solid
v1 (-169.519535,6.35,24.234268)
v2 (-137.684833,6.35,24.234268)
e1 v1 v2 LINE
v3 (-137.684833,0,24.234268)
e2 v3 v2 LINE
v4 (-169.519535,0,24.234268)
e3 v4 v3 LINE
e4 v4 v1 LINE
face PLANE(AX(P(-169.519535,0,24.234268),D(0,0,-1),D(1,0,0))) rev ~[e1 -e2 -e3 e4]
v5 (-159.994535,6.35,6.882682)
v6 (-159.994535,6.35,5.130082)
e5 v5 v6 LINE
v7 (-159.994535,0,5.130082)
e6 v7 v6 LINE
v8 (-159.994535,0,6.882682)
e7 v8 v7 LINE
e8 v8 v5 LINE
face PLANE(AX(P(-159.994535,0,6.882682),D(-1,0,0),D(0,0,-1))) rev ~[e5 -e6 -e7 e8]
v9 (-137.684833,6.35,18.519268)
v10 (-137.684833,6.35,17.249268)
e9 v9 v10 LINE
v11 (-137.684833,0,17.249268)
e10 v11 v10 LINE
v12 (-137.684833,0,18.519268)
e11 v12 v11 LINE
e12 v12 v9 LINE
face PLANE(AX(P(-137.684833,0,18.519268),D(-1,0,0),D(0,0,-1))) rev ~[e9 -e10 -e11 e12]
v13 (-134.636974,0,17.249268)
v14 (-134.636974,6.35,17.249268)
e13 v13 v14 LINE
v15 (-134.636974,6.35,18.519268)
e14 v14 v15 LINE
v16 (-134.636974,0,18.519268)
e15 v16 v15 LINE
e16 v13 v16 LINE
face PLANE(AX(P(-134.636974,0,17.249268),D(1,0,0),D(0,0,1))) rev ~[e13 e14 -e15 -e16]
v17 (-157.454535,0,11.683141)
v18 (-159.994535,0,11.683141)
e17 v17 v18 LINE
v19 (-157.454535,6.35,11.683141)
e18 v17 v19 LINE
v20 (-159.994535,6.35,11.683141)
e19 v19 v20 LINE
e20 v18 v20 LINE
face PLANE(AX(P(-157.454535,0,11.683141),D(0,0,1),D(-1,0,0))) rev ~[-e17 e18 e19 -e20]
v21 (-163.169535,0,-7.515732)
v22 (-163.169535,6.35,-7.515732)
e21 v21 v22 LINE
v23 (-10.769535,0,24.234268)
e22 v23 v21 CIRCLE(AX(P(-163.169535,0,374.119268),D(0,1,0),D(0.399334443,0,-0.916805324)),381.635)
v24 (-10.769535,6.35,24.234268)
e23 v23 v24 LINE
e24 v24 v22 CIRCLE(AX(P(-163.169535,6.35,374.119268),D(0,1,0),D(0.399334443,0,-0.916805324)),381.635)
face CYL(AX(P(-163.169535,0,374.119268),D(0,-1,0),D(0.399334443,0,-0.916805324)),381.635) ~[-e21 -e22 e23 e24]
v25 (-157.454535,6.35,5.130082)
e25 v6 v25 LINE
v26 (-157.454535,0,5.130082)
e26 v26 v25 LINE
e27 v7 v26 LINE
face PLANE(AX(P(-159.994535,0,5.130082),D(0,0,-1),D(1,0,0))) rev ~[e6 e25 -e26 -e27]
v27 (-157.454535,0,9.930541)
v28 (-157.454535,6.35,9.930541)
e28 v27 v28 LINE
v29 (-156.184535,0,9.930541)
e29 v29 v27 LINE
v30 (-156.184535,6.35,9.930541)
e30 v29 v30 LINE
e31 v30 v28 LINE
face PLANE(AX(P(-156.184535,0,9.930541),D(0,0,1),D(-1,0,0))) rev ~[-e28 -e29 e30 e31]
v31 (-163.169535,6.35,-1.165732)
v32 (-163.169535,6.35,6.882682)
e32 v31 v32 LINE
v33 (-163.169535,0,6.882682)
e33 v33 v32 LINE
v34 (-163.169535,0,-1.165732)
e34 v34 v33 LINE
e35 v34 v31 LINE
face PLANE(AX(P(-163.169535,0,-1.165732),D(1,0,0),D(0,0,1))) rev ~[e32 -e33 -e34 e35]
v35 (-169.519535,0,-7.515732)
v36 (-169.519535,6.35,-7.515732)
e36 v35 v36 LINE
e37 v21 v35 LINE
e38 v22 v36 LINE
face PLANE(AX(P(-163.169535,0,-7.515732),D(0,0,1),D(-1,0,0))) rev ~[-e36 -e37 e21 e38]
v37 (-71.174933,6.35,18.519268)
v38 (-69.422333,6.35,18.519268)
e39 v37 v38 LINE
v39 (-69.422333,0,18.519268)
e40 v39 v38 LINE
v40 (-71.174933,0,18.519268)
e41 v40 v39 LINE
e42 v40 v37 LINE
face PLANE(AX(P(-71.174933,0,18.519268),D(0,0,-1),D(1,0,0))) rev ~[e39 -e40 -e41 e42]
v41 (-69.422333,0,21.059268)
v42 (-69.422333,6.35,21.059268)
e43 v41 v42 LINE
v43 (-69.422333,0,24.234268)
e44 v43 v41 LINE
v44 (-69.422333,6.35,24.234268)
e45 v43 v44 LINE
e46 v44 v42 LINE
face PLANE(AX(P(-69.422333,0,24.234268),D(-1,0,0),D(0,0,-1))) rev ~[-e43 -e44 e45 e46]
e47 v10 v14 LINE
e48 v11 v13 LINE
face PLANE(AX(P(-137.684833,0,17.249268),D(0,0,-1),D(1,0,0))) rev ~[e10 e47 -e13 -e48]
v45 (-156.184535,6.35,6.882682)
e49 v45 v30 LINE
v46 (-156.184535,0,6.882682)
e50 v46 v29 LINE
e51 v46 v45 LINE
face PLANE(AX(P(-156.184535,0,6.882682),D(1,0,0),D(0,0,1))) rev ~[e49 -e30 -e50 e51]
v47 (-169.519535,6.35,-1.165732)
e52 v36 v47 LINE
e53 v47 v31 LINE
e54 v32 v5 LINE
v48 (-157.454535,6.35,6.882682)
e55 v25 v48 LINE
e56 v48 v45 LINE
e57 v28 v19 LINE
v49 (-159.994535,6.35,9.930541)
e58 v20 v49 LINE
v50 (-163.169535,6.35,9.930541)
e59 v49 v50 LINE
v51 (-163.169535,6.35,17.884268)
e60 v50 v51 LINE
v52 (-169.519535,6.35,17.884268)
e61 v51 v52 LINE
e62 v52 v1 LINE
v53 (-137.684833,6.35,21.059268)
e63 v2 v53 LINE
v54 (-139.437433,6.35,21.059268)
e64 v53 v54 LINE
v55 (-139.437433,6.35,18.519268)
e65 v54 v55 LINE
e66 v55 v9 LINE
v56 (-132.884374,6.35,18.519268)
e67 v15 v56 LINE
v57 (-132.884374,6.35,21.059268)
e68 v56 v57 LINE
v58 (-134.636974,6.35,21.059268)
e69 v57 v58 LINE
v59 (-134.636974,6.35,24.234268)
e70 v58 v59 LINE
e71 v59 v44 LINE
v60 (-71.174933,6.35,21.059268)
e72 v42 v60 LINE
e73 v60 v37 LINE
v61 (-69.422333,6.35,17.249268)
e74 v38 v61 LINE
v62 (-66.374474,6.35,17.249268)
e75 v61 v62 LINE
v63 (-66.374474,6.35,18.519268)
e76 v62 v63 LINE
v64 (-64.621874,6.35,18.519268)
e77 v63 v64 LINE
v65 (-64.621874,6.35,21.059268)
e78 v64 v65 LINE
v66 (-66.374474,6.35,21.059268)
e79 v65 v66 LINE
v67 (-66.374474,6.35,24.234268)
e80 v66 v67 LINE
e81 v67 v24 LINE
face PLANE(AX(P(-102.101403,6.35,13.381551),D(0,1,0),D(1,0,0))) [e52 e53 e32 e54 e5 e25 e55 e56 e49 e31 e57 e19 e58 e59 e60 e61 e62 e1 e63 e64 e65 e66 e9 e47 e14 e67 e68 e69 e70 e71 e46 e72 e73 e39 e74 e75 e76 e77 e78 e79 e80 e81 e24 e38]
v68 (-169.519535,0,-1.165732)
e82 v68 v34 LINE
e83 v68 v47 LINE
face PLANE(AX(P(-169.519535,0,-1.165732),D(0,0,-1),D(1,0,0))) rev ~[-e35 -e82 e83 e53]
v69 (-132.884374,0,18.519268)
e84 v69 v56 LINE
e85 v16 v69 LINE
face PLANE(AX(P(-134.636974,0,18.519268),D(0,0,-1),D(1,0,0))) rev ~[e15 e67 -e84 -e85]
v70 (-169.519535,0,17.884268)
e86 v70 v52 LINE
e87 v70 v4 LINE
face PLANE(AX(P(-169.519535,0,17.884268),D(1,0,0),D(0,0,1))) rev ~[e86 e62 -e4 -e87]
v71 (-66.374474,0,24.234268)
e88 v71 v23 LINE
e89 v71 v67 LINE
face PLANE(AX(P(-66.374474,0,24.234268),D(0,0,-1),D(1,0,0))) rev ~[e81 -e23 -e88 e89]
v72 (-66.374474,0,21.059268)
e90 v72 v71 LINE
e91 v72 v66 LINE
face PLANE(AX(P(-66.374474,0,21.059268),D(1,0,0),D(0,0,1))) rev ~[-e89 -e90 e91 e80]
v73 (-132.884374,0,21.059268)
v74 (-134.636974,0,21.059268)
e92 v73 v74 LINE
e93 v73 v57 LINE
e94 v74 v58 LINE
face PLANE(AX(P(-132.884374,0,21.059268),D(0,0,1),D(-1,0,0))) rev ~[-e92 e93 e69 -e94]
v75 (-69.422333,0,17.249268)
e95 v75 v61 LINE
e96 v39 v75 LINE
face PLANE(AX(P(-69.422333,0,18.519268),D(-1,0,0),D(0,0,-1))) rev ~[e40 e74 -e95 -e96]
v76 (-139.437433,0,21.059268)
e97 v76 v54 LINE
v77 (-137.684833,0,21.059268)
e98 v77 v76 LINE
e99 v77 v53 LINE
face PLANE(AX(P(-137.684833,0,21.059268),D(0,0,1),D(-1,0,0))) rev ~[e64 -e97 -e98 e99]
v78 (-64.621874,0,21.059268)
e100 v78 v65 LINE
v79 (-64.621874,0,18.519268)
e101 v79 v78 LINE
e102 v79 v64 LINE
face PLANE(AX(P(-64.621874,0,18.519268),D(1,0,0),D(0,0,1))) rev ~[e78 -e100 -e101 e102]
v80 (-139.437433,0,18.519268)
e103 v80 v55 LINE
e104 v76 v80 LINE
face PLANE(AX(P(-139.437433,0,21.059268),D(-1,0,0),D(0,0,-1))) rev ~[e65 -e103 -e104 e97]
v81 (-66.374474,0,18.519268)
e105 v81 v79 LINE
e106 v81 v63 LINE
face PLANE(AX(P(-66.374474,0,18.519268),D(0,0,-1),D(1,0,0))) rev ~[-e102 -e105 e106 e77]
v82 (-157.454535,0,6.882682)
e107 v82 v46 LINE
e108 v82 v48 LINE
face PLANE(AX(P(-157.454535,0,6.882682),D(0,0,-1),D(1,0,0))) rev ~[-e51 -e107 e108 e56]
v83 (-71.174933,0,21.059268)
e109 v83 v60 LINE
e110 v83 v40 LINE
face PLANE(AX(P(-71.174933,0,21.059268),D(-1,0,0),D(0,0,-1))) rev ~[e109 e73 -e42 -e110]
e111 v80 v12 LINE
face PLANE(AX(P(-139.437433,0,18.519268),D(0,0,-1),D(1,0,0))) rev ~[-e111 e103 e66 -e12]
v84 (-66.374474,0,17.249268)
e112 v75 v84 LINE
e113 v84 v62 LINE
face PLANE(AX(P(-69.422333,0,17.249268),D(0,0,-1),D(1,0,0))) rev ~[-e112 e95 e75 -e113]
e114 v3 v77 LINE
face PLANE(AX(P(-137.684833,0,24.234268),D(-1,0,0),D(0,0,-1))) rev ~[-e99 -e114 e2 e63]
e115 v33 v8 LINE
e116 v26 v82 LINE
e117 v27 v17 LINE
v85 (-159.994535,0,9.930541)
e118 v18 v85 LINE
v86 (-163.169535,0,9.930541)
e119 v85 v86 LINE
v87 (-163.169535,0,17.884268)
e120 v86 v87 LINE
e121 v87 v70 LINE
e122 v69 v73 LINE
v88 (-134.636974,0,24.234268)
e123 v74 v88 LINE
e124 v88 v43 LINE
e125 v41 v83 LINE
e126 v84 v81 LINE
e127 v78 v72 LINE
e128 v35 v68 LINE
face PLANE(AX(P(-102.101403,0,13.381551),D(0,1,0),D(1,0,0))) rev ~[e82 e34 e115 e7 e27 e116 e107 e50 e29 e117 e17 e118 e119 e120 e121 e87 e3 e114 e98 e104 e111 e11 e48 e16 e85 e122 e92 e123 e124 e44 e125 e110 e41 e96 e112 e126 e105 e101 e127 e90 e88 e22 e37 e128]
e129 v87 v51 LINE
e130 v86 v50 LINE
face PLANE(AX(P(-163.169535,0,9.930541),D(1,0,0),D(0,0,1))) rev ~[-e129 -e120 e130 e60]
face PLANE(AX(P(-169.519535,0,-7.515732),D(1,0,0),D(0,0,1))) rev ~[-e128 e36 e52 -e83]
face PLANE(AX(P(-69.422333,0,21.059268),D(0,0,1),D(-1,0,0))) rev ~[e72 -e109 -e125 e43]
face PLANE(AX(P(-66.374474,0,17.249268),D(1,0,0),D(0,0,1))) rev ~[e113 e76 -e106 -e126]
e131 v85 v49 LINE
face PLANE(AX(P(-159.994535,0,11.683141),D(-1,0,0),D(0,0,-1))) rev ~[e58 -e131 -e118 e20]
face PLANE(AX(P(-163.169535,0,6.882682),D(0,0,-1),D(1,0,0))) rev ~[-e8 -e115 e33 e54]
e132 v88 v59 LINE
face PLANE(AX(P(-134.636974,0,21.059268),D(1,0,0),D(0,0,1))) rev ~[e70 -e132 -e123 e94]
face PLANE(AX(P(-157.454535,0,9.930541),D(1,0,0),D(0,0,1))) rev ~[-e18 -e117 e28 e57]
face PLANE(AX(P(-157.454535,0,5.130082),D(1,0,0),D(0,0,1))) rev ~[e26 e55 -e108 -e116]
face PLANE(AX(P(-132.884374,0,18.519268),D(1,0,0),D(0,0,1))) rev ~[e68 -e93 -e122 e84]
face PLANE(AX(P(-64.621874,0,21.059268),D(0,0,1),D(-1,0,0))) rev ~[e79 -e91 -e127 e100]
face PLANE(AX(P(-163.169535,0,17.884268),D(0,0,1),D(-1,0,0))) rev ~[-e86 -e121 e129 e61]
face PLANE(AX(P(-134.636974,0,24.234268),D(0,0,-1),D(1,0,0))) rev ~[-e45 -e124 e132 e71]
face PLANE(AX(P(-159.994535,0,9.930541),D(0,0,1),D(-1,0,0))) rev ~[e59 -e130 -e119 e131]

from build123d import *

# Parameters (mm, degrees)
BOSS_EXTRUDE1_DEPTH = 6.35


with BuildPart() as part:
    # Sketch1 → Boss-Extrude1 (new body)
    with BuildSketch(Plane(origin=(0, 0, 0), x_dir=(1, 0, 0), z_dir=(0, 1, 0))):
        with BuildLine():
            Line((-163.169535376, 1.165732309), (-163.169535376, -6.882681502))
            Line((-163.169535376, -6.882681502), (-159.994535376, -6.882681502))
            Line((-159.994535376, -6.882681502), (-159.994535376, -5.130081502))
            Line((-159.994535376, -5.130081502), (-157.454535376, -5.130081502))
            Line((-157.454535376, -5.130081502), (-157.454535376, -6.882681502))
            Line((-157.454535376, -6.882681502), (-156.184535376, -6.882681502))
            Line((-156.184535376, -6.882681502), (-156.184535376, -9.930540858))
            Line((-156.184535376, -9.930540858), (-157.454535376, -9.930540858))
            Line((-157.454535376, -9.930540858), (-157.454535376, -11.683140858))
            Line((-157.454535376, -11.683140858), (-159.994535376, -11.683140858))
            Line((-159.994535376, -11.683140858), (-159.994535376, -9.930540858))
            Line((-159.994535376, -9.930540858), (-163.169535376, -9.930540858))
            Line((-163.169535376, -9.930540858), (-163.169535376, -17.884267691))
            Line((-163.169535376, -17.884267691), (-169.519535376, -17.884267691))
            Line((-169.519535376, -17.884267691), (-169.519535376, -24.234267691))
            Line((-169.519535376, -24.234267691), (-137.68483349, -24.234267691))
            Line((-137.68483349, -24.234267691), (-137.68483349, -21.059267691))
            Line((-137.68483349, -21.059267691), (-139.43743349, -21.059267691))
            Line((-139.43743349, -21.059267691), (-139.43743349, -18.519267691))
            Line((-139.43743349, -18.519267691), (-137.68483349, -18.519267691))
            Line((-137.68483349, -18.519267691), (-137.68483349, -17.249267691))
            Line((-137.68483349, -17.249267691), (-134.636974134, -17.249267691))
            Line((-134.636974134, -17.249267691), (-134.636974134, -18.519267691))
            Line((-134.636974134, -18.519267691), (-132.884374134, -18.519267691))
            Line((-132.884374134, -18.519267691), (-132.884374134, -21.059267691))
            Line((-132.884374134, -21.059267691), (-134.636974134, -21.059267691))
            Line((-134.636974134, -21.059267691), (-134.636974134, -24.234267691))
            Line((-134.636974134, -24.234267691), (-69.42233349, -24.234267691))
            Line((-69.42233349, -24.234267691), (-69.42233349, -21.059267691))
            Line((-69.42233349, -21.059267691), (-71.17493349, -21.059267691))
            Line((-71.17493349, -21.059267691), (-71.17493349, -18.519267691))
            Line((-71.17493349, -18.519267691), (-69.42233349, -18.519267691))
            Line((-69.42233349, -18.519267691), (-69.42233349, -17.249267691))
            Line((-69.42233349, -17.249267691), (-66.374474134, -17.249267691))
            Line((-66.374474134, -17.249267691), (-66.374474134, -18.519267691))
            Line((-66.374474134, -18.519267691), (-64.621874134, -18.519267691))
            Line((-64.621874134, -18.519267691), (-64.621874134, -21.059267691))
            Line((-64.621874134, -21.059267691), (-66.374474134, -21.059267691))
            Line((-66.374474134, -21.059267691), (-66.374474134, -24.234267691))
            Line((-66.374474134, -24.234267691), (-10.769535376, -24.234267691))
            ThreePointArc((-10.769535376, -24.234267691), (-85.333453608, -0.506075205), (-163.169535376, 7.515732309))
            Line((-163.169535376, 7.515732309), (-169.519535376, 7.515732309))
            Line((-169.519535376, 7.515732309), (-169.519535376, 1.165732309))
            Line((-169.519535376, 1.165732309), (-163.169535376, 1.165732309))
        make_face()
    extrude(amount=BOSS_EXTRUDE1_DEPTH)


solid = part.part
